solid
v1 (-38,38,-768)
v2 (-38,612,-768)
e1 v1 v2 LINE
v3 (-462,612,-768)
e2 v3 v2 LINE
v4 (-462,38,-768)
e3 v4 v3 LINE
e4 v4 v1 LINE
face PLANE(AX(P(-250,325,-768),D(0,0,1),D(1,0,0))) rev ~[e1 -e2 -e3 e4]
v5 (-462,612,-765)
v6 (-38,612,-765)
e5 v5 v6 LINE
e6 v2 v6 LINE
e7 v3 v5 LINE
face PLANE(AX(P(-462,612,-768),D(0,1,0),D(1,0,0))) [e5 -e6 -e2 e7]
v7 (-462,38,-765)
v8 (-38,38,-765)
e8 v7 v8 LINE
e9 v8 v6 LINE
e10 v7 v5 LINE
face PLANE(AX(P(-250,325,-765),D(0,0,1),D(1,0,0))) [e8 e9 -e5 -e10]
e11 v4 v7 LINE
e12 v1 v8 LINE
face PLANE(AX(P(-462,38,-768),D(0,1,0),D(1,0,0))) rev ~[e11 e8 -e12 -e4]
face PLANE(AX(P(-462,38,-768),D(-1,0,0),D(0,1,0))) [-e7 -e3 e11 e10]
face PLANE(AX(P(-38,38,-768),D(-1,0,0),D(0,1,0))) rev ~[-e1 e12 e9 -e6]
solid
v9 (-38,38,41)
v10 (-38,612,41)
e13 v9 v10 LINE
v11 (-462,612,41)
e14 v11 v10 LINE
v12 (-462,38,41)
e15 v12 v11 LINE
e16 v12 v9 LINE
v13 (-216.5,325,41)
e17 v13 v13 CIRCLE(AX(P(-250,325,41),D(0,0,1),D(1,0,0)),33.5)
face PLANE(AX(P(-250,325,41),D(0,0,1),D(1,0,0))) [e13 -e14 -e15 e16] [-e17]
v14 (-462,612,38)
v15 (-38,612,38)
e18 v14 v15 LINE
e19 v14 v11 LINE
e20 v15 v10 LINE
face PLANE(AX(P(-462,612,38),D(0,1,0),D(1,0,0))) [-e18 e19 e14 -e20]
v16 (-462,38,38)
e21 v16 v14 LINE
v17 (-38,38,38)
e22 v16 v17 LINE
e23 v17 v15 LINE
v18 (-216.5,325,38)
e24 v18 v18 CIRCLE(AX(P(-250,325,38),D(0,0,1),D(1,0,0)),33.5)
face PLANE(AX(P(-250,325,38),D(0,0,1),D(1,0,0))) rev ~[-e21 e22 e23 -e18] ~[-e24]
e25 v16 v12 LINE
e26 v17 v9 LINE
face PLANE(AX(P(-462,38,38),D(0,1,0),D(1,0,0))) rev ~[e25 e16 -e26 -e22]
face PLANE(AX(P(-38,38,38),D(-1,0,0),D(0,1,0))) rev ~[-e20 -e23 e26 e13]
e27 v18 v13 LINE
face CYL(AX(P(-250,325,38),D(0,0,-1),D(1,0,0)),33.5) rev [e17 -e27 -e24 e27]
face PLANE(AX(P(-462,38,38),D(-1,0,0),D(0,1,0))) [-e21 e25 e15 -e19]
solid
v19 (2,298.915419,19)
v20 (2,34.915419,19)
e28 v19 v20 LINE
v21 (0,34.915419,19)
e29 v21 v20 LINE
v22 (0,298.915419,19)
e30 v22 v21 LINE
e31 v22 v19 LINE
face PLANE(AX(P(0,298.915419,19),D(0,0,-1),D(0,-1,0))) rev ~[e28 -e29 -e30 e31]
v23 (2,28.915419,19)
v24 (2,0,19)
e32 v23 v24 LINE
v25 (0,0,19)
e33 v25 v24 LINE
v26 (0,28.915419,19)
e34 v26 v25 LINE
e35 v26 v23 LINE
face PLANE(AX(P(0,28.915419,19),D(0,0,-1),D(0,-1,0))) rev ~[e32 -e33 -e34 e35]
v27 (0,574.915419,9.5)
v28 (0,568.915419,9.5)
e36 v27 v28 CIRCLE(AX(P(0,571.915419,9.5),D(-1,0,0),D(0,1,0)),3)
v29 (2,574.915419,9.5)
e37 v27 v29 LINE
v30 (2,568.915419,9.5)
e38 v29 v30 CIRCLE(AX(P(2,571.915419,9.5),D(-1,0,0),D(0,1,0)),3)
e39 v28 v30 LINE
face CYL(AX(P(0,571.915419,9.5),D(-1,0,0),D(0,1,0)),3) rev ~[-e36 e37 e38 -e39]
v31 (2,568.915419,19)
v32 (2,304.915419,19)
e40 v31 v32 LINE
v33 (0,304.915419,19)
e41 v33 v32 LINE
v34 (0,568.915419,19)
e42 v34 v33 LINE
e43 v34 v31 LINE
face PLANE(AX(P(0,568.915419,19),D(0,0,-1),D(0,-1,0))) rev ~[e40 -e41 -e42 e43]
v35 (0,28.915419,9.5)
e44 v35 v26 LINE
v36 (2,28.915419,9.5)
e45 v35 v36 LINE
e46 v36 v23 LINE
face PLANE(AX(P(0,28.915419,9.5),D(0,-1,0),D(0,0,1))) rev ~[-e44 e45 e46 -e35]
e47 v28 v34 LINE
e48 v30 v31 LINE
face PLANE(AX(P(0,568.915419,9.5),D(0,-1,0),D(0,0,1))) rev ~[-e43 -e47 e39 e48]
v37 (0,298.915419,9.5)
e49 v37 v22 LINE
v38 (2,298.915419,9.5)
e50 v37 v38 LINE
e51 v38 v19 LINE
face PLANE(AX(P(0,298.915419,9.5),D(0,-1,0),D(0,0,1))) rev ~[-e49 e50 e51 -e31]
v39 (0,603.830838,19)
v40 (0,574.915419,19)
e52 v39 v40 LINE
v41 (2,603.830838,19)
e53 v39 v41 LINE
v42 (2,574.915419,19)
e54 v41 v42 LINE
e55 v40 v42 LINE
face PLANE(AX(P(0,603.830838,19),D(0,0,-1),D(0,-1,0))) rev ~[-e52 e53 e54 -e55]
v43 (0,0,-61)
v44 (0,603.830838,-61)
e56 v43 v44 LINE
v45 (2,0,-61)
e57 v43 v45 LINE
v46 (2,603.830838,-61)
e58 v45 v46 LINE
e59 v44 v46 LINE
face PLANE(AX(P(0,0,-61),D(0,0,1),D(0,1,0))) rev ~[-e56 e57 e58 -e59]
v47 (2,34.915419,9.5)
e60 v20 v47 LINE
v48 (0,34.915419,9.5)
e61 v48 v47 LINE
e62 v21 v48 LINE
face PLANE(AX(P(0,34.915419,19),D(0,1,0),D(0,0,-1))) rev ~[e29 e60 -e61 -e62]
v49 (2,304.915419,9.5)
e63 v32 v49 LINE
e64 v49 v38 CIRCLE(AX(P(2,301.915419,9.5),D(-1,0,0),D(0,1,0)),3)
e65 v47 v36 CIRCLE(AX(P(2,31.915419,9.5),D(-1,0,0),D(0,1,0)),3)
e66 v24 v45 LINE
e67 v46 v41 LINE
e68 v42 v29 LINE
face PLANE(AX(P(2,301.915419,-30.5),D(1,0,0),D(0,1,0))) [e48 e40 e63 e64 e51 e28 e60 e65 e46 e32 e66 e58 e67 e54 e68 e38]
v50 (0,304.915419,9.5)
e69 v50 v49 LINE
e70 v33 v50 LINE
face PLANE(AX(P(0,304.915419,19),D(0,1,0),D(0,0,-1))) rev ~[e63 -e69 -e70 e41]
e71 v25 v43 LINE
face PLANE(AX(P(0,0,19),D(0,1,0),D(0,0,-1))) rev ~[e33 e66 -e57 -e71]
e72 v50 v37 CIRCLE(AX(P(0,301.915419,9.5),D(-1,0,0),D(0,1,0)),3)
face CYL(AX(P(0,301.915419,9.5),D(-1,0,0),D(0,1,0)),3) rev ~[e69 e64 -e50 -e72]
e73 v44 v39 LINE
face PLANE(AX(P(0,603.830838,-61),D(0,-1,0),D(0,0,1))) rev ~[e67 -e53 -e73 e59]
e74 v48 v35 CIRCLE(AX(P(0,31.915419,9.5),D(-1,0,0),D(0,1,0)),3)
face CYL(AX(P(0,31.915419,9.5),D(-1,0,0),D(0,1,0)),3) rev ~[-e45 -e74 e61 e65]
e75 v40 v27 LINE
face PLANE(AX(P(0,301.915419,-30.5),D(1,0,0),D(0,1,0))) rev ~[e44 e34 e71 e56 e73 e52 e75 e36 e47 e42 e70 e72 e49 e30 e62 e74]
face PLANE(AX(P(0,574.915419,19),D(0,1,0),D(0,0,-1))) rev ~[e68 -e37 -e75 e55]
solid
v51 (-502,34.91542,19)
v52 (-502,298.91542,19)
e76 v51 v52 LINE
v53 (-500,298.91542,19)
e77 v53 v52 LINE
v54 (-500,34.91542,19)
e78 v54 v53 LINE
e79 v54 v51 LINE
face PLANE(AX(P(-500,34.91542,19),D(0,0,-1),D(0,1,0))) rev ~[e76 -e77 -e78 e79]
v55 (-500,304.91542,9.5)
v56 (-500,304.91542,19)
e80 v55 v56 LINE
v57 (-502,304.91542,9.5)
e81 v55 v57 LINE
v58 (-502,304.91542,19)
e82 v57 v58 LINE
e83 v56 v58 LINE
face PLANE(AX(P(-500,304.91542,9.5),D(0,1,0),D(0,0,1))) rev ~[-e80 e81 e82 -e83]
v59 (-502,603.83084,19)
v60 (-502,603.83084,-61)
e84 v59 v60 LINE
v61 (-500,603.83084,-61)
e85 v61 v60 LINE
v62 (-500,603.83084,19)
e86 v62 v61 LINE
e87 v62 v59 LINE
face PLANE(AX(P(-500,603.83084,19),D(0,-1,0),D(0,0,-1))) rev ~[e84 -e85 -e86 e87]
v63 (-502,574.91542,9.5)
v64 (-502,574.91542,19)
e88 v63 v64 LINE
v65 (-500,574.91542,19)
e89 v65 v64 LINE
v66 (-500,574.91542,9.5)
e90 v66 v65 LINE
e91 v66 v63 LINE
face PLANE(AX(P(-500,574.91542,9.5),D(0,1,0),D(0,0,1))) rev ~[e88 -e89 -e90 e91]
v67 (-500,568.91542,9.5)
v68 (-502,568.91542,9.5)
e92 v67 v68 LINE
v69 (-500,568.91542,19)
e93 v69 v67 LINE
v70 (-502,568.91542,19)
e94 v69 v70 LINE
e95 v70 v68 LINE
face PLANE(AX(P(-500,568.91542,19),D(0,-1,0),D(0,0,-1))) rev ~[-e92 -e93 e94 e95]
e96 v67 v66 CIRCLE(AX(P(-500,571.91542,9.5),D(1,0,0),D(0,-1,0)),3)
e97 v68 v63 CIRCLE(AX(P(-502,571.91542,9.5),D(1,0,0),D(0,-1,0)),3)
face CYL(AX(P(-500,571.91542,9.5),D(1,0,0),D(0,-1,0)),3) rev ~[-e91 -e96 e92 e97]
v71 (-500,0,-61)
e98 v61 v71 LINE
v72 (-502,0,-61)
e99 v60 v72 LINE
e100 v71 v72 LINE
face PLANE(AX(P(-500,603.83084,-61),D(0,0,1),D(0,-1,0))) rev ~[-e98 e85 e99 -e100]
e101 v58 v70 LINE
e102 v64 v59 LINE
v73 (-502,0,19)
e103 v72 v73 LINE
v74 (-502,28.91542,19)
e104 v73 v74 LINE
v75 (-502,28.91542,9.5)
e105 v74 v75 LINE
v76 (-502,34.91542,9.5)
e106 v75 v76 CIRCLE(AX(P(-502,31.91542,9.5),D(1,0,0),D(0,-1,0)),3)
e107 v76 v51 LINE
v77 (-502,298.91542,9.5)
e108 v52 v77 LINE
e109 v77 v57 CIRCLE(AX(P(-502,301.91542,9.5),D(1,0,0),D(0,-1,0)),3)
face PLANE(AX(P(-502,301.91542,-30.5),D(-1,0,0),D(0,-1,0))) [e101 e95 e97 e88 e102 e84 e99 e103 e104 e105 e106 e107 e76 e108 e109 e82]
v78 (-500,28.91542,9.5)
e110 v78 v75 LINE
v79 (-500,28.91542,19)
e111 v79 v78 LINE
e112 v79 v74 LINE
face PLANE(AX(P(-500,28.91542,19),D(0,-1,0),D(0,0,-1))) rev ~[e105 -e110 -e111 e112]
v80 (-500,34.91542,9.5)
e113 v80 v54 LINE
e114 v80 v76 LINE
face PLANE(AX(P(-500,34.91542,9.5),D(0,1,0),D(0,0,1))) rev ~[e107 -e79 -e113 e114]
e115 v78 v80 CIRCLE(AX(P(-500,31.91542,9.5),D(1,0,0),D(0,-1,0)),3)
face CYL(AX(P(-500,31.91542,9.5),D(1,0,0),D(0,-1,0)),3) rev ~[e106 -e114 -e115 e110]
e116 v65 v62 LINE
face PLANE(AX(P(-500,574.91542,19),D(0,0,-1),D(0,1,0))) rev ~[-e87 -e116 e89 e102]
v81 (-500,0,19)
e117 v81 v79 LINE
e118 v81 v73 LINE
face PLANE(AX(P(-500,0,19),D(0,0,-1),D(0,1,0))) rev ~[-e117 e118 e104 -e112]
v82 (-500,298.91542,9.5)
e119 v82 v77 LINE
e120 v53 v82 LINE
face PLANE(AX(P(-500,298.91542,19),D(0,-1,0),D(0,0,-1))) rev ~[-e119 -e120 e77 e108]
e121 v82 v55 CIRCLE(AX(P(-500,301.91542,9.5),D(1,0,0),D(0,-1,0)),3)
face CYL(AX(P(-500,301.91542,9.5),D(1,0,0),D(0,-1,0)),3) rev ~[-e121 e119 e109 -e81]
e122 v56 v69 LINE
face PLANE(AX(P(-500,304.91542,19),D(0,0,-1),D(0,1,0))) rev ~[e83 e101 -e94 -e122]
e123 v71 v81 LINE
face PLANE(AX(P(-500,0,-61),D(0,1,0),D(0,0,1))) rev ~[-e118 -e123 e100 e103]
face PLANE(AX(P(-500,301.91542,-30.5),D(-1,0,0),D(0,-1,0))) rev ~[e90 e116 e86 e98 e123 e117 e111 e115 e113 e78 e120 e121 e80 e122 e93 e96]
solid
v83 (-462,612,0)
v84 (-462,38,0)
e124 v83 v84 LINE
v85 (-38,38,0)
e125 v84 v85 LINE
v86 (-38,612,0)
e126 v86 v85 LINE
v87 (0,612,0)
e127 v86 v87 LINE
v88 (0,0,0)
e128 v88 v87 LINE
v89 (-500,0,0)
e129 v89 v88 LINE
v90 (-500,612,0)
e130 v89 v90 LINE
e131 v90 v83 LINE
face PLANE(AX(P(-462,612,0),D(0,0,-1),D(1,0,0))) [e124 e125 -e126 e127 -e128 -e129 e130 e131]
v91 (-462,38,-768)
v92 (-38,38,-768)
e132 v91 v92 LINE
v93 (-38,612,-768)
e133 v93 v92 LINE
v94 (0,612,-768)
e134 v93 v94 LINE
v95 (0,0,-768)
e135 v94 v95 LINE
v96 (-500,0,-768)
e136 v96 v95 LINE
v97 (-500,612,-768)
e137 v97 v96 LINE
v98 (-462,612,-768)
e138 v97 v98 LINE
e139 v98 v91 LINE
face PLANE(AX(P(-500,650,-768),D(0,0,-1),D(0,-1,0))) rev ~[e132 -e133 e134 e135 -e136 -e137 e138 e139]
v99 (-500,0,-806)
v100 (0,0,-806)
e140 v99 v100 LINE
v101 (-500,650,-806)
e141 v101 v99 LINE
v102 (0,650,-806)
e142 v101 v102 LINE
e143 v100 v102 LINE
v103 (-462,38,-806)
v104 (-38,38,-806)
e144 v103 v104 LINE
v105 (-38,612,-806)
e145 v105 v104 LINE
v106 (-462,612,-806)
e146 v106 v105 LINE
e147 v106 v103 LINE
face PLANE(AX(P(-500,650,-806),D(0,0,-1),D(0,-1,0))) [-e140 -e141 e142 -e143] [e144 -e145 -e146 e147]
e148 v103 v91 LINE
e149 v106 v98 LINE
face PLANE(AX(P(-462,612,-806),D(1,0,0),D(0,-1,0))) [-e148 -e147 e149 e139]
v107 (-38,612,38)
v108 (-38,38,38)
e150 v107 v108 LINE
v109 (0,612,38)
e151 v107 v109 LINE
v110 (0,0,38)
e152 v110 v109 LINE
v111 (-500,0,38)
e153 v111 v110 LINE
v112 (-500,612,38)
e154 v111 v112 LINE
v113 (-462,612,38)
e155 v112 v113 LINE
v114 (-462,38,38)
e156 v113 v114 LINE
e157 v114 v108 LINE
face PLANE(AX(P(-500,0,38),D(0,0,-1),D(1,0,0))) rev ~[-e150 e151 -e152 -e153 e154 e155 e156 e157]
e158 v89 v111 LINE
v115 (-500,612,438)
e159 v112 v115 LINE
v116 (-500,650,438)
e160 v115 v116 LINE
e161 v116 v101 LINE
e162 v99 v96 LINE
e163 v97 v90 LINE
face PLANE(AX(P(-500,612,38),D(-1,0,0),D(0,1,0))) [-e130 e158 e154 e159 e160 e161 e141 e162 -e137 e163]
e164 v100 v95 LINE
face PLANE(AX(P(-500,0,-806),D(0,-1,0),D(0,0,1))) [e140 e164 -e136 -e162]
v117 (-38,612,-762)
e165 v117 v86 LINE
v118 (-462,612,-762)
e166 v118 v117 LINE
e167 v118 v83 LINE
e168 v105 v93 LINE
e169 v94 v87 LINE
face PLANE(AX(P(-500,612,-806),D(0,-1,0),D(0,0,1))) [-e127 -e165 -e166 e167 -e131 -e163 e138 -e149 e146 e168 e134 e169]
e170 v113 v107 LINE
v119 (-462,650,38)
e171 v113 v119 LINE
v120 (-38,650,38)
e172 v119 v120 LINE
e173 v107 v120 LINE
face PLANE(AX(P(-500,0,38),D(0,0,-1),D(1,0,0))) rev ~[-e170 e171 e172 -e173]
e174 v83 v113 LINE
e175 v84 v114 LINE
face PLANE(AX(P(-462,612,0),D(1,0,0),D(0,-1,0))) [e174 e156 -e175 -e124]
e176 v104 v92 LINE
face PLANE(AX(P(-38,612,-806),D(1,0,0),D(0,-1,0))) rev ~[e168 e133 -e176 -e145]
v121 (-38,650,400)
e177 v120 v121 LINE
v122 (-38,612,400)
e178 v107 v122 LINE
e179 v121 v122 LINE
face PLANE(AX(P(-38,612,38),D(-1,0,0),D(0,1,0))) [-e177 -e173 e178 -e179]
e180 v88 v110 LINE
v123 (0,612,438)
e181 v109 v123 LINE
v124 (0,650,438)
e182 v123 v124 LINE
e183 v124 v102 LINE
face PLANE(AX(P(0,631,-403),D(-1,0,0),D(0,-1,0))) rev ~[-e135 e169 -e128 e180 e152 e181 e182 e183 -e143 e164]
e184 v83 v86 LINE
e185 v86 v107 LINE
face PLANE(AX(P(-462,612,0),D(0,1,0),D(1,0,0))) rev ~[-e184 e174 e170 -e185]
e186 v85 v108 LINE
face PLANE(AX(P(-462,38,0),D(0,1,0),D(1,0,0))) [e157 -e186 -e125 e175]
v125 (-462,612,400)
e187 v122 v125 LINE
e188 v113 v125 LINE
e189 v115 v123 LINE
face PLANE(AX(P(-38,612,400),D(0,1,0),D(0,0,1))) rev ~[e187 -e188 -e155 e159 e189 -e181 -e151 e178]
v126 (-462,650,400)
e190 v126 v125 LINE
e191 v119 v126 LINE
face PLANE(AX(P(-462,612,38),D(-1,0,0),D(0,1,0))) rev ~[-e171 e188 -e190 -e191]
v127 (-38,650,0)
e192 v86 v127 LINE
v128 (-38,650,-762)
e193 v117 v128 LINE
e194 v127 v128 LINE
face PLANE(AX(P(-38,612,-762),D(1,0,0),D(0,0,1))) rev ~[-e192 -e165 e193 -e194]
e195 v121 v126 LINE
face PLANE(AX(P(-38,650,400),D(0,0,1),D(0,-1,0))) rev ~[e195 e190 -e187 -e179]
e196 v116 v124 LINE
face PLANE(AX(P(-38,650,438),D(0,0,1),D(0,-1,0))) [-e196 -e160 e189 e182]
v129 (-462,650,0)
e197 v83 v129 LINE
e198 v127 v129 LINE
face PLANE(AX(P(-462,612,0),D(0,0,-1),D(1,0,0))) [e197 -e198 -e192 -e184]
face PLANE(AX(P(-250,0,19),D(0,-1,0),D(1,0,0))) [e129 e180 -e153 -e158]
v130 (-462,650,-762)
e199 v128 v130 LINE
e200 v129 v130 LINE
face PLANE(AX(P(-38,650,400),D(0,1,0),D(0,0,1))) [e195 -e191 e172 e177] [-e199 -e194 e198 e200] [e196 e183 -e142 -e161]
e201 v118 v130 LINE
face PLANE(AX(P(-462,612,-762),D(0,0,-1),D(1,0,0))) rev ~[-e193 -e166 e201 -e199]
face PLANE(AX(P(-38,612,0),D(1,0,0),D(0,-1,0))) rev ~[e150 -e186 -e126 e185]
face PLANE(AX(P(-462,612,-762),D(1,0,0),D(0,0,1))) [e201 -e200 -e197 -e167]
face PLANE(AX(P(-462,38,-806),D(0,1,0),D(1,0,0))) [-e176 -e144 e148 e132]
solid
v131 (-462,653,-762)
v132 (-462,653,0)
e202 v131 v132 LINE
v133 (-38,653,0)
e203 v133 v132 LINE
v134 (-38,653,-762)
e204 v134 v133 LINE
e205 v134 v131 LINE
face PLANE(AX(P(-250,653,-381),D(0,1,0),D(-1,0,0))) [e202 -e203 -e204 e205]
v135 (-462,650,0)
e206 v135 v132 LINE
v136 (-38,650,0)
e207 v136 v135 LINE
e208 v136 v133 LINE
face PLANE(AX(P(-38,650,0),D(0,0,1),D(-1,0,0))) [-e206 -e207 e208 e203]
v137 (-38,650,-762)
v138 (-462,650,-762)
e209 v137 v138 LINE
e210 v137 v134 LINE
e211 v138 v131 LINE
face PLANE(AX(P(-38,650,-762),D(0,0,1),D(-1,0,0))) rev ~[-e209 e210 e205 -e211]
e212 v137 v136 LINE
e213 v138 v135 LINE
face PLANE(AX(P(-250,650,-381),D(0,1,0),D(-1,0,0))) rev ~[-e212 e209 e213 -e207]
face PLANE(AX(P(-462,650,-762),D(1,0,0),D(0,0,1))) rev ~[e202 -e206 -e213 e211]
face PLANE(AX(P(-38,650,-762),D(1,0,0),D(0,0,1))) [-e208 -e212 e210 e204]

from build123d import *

# Parameters (mm, degrees)
F0_W      = 500
F0_H      = 38
F1_DEPTH  = 650
F2_W      = 38
F2_H      = 806
F3_DEPTH  = 500
F4_W      = 650
F4_H      = 38
F5_DEPTH  = 500
F6_W      = 38
F6_H      = 38
F7_DEPTH  = 400
F8_W      = 38
F8_H      = 38
F9_DEPTH  = 424
F10_W     = 424
F10_H     = 762
F11_DEPTH = 41
F12_W     = 424
F12_H     = 574
F13_DEPTH = 38
F14_W     = 424
F14_H     = 574
F15_DEPTH = 38
F16_W     = 424
F16_H     = 762
F17_DEPTH = 3
F18_W     = 424
F18_H     = 574
F18_R     = 33.5
F19_DEPTH = 3
F20_W     = 424
F20_H     = 574
F21_DEPTH = 3
F22_W     = 603.8308376074
F22_H     = 61
F23_DEPTH = 2
F24_W     = 603.83084
F24_H     = 61
F25_DEPTH = 2


with BuildPart() as f1:
    # F0 (on Front) → F1 (new body)
    with BuildSketch(Plane.XZ):
        with Locations((-250, 19)):
            Rectangle(F0_W, F0_H)
    extrude(amount=-F1_DEPTH)

    # F2 (on face) → F3 (join)
    with BuildSketch(Plane(origin=(-500, 0, 0), x_dir=(0, -1, 0), z_dir=(-1, 0, 0))):
        with Locations((-631, -403)):
            Rectangle(F2_W, F2_H)
    extrude(amount=-F3_DEPTH)

    # F4 (on face) → F5 (join)
    with BuildSketch(Plane(origin=(-500, 0, 0), x_dir=(0, -1, 0), z_dir=(-1, 0, 0))):
        with Locations((-325, -787)):
            Rectangle(F4_W, F4_H)
    extrude(amount=-F5_DEPTH)

    # F6 (on face) → F7 (join)
    with BuildSketch(Plane.XY.offset(38)):
        with Locations((-481, 631)):
            Rectangle(F6_W, F6_H)
        with Locations((-19, 631)):
            Rectangle(F6_W, F6_H)
    extrude(amount=F7_DEPTH)

    # F8 (on face) → F9 (join)
    with BuildSketch(Plane(origin=(-38, 0, 0), x_dir=(0, -1, 0), z_dir=(-1, 0, 0))):
        with Locations((-631, 419)):
            Rectangle(F8_W, F8_H)
    extrude(amount=F9_DEPTH)

    # F10 (on face) → F11 (cut)
    with BuildSketch(Plane.XZ.offset(-612)):
        with Locations((-250, -381)):
            Rectangle(F10_W, F10_H)
    extrude(amount=-F11_DEPTH, mode=Mode.SUBTRACT)

    # F12 (on face) → F13 (cut)
    with BuildSketch(Plane(origin=(0, 0, 0), x_dir=(1, 0, 0), z_dir=(0, 0, -1))):
        with Locations((-250, -325)):
            Rectangle(F12_W, F12_H)
    extrude(amount=-F13_DEPTH, mode=Mode.SUBTRACT)

    # F14 (on face) → F15 (cut)
    with BuildSketch(Plane(origin=(0, 0, -806), x_dir=(1, 0, 0), z_dir=(0, 0, -1))):
        with Locations((-250, -325)):
            Rectangle(F14_W, F14_H)
    extrude(amount=-F15_DEPTH, mode=Mode.SUBTRACT)


with BuildPart() as f17:
    # F16 (on face) → F17 (new body)
    with BuildSketch(Plane(origin=(0, 650, 0), x_dir=(-1, 0, 0), z_dir=(0, 1, 0))):
        with Locations((250, -381)):
            Rectangle(F16_W, F16_H)
    extrude(amount=F17_DEPTH)


with BuildPart() as f19:
    # F18 (on face) → F19 (new body)
    with BuildSketch(Plane.XY.offset(38)):
        with Locations((-250, 325)):
            Rectangle(F18_W, F18_H)
        with Locations((-250, 325)):
            Circle(F18_R, mode=Mode.SUBTRACT)
    extrude(amount=F19_DEPTH)


with BuildPart() as f21:
    # F20 (on face) → F21 (new body)
    with BuildSketch(Plane.XY.offset(-768)):
        with Locations((-250, 325)):
            Rectangle(F20_W, F20_H)
    extrude(amount=F21_DEPTH)


with BuildPart() as f23:
    # F22 (on face) → F23 (new body)
    with BuildSketch(Plane.YZ):
        with Locations((301.9154188037, -30.5)):
            Rectangle(F22_W, F22_H)
        with BuildLine():
            Line((28.9154188037, 19), (0, 19))
            Line((0, 19), (0, 0))
            Line((0, 0), (603.8308376074, 0))
            Line((603.8308376074, 0), (603.8308376074, 19))
            Line((603.8308376074, 19), (574.9154188037, 19))
            Line((574.9154188037, 19), (574.9154188037, 9.5))
            ThreePointArc((574.9154188037, 9.5), (571.9154188037, 6.5), (568.9154188037, 9.5))
            Line((568.9154188037, 9.5), (568.9154188037, 19))
            Line((568.9154188037, 19), (304.9154188037, 19))
            Line((304.9154188037, 19), (304.9154188037, 9.5))
            ThreePointArc((304.9154188037, 9.5), (301.9154188037, 6.5), (298.9154188037, 9.5))
            Line((298.9154188037, 9.5), (298.9154188037, 19))
            Line((298.9154188037, 19), (34.9154188037, 19))
            Line((34.9154188037, 19), (34.9154188037, 9.5))
            ThreePointArc((34.9154188037, 9.5), (31.9154188037, 6.5), (28.9154188037, 9.5))
            Line((28.9154188037, 9.5), (28.9154188037, 19))
        make_face()
    extrude(amount=F23_DEPTH)


with BuildPart() as f25:
    # F24 (on face) → F25 (new body)
    with BuildSketch(Plane(origin=(-500, 0, 0), x_dir=(0, -1, 0), z_dir=(-1, 0, 0))):
        with Locations((-301.91542, -30.5)):
            Rectangle(F24_W, F24_H)
        with BuildLine():
            Line((0, 0), (0, 19))
            Line((0, 19), (-28.91542, 19))
            Line((-28.91542, 19), (-28.91542, 9.5))
            ThreePointArc((-28.91542, 9.5), (-31.91542, 6.5), (-34.91542, 9.5))
            Line((-34.91542, 9.5), (-34.91542, 19))
            Line((-34.91542, 19), (-298.91542, 19))
            Line((-298.91542, 19), (-298.91542, 9.5))
            ThreePointArc((-298.91542, 9.5), (-301.91542, 6.5), (-304.91542, 9.5))
            Line((-304.91542, 9.5), (-304.91542, 19))
            Line((-304.91542, 19), (-568.91542, 19))
            Line((-568.91542, 19), (-568.91542, 9.5))
            ThreePointArc((-568.91542, 9.5), (-571.91542, 6.5), (-574.91542, 9.5))
            Line((-574.91542, 9.5), (-574.91542, 19))
            Line((-574.91542, 19), (-603.83084, 19))
            Line((-603.83084, 19), (-603.83084, 0))
            Line((-603.83084, 0), (0, 0))
        make_face()
    extrude(amount=F25_DEPTH)


solid = Compound([f1.part, f17.part, f19.part, f21.part, f23.part, f25.part])
